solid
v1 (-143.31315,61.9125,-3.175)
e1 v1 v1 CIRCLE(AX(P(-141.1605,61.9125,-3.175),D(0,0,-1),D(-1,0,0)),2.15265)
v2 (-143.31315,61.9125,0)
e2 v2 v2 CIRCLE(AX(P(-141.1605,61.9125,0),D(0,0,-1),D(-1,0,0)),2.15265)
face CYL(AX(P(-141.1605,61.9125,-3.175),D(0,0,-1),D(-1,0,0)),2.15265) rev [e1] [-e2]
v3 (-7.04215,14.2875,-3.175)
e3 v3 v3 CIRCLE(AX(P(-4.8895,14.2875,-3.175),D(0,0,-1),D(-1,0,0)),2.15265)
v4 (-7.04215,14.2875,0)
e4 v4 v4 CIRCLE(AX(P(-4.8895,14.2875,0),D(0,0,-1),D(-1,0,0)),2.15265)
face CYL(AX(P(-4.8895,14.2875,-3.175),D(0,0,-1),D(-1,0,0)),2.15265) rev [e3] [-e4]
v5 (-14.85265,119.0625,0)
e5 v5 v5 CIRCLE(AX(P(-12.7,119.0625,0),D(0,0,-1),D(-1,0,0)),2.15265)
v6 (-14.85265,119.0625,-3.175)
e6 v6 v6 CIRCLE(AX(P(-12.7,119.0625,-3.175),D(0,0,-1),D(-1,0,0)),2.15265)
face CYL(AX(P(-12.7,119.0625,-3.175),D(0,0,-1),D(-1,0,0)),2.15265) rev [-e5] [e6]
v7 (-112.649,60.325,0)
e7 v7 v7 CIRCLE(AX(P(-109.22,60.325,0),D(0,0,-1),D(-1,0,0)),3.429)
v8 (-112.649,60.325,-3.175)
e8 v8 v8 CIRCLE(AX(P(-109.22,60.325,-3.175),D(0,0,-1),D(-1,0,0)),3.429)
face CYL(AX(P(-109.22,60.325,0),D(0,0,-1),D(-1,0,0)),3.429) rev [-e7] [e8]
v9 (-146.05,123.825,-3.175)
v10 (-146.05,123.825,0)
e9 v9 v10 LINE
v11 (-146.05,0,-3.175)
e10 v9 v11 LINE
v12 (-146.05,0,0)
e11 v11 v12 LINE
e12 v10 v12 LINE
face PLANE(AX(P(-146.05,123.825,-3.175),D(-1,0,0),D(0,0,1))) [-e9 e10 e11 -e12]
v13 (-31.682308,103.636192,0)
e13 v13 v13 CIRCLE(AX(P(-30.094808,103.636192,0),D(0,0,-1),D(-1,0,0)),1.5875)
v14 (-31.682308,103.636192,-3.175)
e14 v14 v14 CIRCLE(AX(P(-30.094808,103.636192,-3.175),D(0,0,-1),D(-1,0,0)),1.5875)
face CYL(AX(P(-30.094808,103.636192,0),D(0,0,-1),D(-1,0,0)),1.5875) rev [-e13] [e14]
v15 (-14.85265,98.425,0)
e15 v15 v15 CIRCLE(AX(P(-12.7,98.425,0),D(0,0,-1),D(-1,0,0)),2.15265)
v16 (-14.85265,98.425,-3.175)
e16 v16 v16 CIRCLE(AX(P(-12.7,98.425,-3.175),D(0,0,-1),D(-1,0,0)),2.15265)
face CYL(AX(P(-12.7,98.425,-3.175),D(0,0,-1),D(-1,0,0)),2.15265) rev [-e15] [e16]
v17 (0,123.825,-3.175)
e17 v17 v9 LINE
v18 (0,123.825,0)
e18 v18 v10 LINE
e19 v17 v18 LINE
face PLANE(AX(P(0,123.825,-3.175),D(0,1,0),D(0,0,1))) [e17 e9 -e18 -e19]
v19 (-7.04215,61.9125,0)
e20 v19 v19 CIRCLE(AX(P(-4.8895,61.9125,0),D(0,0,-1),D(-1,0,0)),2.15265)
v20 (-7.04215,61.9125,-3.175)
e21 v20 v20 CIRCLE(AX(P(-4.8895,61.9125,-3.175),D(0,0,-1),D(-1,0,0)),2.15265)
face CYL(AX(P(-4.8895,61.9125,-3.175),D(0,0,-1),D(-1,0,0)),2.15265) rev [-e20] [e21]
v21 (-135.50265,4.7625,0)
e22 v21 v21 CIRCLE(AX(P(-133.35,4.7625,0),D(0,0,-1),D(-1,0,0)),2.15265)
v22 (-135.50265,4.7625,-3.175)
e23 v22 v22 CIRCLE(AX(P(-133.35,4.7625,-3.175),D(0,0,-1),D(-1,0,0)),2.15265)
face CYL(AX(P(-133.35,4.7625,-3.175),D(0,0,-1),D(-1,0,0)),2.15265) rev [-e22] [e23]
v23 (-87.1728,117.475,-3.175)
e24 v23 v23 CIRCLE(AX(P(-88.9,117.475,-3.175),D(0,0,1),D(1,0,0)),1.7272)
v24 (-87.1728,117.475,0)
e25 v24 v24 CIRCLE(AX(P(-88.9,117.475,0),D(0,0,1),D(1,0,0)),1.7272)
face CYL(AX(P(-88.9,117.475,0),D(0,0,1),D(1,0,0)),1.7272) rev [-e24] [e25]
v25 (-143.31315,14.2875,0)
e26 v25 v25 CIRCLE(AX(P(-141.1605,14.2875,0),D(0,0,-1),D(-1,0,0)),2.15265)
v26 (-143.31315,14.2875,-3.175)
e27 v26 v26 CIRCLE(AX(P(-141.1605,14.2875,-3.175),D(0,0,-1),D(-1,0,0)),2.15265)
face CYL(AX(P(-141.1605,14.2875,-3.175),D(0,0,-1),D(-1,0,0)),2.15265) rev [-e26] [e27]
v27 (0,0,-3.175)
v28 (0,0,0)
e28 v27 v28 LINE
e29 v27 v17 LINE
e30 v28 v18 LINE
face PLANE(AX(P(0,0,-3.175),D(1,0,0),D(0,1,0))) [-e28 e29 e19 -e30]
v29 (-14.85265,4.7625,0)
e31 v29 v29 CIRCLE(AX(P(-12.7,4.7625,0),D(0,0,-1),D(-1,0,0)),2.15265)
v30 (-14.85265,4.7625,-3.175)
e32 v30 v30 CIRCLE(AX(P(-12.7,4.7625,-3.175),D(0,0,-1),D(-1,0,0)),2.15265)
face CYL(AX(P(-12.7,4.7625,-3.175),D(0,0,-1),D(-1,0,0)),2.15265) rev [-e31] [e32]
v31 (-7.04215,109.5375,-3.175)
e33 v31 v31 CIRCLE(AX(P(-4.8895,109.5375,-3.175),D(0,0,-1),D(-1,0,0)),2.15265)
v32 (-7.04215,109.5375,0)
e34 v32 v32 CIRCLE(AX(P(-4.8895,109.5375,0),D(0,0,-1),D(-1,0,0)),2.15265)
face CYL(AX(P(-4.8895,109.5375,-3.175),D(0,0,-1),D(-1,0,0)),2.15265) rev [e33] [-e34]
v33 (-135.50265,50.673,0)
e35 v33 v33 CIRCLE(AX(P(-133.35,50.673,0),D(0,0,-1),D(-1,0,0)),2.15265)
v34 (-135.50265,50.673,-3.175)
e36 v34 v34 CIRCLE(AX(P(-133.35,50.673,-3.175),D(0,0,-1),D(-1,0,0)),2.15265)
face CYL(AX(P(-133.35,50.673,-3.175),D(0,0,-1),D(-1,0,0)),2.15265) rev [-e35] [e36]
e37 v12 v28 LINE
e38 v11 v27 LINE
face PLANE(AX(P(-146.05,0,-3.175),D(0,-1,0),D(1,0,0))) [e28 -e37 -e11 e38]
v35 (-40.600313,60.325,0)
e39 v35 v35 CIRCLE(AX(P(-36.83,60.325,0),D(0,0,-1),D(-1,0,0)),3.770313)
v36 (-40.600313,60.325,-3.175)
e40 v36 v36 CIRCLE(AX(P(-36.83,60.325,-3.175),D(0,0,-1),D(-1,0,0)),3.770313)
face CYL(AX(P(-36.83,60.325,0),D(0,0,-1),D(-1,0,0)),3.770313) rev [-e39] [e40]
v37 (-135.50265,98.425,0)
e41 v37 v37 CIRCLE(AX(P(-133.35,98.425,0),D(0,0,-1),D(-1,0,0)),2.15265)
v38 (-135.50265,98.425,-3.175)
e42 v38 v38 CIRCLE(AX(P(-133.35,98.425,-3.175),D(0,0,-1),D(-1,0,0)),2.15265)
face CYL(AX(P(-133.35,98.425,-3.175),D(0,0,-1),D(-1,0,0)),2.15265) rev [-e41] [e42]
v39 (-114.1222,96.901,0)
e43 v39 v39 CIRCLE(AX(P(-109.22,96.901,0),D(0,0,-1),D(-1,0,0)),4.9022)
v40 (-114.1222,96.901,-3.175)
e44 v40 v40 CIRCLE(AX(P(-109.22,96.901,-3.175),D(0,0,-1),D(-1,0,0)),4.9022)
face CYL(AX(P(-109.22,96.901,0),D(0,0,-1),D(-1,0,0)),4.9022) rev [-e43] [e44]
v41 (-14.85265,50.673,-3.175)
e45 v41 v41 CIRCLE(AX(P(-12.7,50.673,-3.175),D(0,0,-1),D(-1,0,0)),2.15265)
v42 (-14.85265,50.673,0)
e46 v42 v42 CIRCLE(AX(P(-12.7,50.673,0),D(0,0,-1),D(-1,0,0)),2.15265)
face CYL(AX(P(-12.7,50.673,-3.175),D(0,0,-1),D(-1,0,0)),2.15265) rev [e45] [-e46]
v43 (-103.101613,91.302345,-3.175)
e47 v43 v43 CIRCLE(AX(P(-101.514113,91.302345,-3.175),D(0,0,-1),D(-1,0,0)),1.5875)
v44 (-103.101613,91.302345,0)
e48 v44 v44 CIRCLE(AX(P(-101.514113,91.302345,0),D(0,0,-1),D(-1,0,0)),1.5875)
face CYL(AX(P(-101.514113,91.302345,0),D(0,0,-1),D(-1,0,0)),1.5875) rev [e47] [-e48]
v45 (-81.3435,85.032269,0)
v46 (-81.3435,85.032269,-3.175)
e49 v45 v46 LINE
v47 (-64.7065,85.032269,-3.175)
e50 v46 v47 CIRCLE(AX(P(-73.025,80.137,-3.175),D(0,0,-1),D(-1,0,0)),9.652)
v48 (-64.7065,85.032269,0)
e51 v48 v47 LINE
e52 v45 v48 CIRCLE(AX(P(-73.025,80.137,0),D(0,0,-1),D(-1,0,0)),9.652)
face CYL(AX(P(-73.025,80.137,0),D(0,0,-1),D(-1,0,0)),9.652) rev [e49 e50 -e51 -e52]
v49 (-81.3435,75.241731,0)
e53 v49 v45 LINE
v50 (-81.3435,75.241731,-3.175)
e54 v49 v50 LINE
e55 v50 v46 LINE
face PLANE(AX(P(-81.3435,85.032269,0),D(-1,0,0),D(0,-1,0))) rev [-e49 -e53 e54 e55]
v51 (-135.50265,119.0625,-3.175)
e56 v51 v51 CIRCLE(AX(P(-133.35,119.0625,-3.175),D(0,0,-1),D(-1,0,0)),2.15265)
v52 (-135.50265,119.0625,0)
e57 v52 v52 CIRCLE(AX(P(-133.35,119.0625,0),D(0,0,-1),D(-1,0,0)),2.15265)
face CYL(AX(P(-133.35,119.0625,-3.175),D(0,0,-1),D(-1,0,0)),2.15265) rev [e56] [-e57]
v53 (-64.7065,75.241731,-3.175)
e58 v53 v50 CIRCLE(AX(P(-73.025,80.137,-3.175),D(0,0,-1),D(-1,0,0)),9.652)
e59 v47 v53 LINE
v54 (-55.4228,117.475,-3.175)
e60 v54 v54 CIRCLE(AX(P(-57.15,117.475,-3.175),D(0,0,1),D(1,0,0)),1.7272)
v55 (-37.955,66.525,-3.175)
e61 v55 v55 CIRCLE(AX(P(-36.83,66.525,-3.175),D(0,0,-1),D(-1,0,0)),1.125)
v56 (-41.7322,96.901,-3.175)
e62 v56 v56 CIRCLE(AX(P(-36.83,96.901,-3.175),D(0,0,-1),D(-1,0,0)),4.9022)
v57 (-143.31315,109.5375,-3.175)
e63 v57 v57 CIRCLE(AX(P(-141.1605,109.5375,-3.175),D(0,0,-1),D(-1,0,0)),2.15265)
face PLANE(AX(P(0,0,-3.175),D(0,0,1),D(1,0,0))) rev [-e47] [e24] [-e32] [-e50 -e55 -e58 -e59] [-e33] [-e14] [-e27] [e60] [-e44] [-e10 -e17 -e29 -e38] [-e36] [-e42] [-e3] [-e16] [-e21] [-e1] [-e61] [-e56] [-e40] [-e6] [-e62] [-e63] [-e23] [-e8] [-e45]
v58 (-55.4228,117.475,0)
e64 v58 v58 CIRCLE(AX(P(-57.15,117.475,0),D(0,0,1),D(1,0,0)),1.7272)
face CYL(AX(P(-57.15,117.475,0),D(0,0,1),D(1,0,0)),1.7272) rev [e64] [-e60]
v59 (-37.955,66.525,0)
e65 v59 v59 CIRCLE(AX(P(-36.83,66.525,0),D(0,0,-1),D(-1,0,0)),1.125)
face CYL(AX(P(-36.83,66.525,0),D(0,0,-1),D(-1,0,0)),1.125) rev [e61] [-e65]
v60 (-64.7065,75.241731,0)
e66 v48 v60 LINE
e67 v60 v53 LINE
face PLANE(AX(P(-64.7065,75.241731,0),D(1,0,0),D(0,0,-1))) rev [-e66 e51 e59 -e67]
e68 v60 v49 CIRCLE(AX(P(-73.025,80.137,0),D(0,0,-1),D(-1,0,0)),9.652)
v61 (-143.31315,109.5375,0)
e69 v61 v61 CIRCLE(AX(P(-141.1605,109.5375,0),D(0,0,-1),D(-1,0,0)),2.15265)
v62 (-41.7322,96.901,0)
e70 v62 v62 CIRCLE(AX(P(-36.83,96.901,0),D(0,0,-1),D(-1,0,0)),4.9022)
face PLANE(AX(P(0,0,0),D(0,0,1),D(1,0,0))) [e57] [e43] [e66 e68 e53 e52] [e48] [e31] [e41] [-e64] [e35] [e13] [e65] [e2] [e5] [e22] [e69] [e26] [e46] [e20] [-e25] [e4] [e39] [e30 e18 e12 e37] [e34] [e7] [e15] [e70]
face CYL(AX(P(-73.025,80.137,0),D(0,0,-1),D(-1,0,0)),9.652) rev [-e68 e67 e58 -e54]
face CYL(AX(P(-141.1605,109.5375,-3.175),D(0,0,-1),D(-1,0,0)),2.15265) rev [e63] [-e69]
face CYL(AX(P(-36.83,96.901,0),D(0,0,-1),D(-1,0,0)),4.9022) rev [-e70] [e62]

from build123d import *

# Parameters (mm, degrees)
SKETCH1_W                = 146.05
SKETCH1_H                = 123.825
BOSS_EXTRUDE1_DEPTH      = 3.175
F_6_CLEARANCE_HOLE1_D    = 4.3053
SKETCH4_R                = 4.9022
SKETCH4_R_2              = 3.7703125
SKETCH4_R_3              = 3.429
SKETCH4_R_4              = 1.125
SKETCH4_R_5              = 1.5875
SWITCH_MOUNT_HOLES_DEPTH = 4.175
F_4_CLEARANCE_HOLE1_D    = 3.4544


with BuildPart() as part:
    # Sketch1 → Boss-Extrude1 (new body)
    with BuildSketch(Plane.XY):
        with Locations((-73.025, 61.9125)):
            Rectangle(SKETCH1_W, SKETCH1_H)
    extrude(amount=-BOSS_EXTRUDE1_DEPTH)

    # #6 Clearance Hole1 (through all)
    with Locations(Plane(origin=(0, 0, -3.175), x_dir=(-1, 0, 0), z_dir=(0, 0, -1))):
        with Locations((12.7, 119.0625), (133.35, 119.0625), (141.1605, 109.5375), (133.35, 98.425), (141.1605, 61.9125), (133.35, 50.673), (133.35, 4.7625), (12.7, 4.7625), (12.7, 50.673), (12.7, 98.425), (4.8895, 109.5375), (141.1605, 14.2875), (4.8895, 14.2875), (4.8895, 61.9125)):
            Hole(F_6_CLEARANCE_HOLE1_D / 2)

    # Sketch4 → Switch Mount Holes (cut, through all)
    with BuildSketch(Plane(origin=(0, 0, -3.175), x_dir=(-1, 0, 0), z_dir=(0, 0, -1))):
        with Locations((36.83, 96.901)):
            Circle(SKETCH4_R)
        with Locations((36.83, 60.325)):
            Circle(SKETCH4_R_2)
        with Locations((109.22, 60.325)):
            Circle(SKETCH4_R_3)
        with Locations((109.22, 96.901)):
            Circle(SKETCH4_R)
        with Locations((36.830000027, 66.525)):
            Circle(SKETCH4_R_4)
        with Locations((101.514113129, 91.302345472)):
            Circle(SKETCH4_R_5)
        with Locations((30.094807909, 103.636192091)):
            Circle(SKETCH4_R_5)
        with BuildLine():
            Line((81.3435, 85.032269324), (81.3435, 75.241730676))
            ThreePointArc((81.3435, 75.241730676), (73.025, 70.485), (64.7065, 75.241730676))
            Line((64.7065, 75.241730676), (64.7065, 85.032269324))
            ThreePointArc((64.7065, 85.032269324), (73.025, 89.789), (81.3435, 85.032269324))
        make_face()
    extrude(amount=-SWITCH_MOUNT_HOLES_DEPTH, mode=Mode.SUBTRACT)

    # #4 Clearance Hole1 (through all)
    with Locations(Plane.XY):
        with Locations((-88.9, 117.475), (-57.15, 117.475)):
            Hole(F_4_CLEARANCE_HOLE1_D / 2)


solid = part.part
